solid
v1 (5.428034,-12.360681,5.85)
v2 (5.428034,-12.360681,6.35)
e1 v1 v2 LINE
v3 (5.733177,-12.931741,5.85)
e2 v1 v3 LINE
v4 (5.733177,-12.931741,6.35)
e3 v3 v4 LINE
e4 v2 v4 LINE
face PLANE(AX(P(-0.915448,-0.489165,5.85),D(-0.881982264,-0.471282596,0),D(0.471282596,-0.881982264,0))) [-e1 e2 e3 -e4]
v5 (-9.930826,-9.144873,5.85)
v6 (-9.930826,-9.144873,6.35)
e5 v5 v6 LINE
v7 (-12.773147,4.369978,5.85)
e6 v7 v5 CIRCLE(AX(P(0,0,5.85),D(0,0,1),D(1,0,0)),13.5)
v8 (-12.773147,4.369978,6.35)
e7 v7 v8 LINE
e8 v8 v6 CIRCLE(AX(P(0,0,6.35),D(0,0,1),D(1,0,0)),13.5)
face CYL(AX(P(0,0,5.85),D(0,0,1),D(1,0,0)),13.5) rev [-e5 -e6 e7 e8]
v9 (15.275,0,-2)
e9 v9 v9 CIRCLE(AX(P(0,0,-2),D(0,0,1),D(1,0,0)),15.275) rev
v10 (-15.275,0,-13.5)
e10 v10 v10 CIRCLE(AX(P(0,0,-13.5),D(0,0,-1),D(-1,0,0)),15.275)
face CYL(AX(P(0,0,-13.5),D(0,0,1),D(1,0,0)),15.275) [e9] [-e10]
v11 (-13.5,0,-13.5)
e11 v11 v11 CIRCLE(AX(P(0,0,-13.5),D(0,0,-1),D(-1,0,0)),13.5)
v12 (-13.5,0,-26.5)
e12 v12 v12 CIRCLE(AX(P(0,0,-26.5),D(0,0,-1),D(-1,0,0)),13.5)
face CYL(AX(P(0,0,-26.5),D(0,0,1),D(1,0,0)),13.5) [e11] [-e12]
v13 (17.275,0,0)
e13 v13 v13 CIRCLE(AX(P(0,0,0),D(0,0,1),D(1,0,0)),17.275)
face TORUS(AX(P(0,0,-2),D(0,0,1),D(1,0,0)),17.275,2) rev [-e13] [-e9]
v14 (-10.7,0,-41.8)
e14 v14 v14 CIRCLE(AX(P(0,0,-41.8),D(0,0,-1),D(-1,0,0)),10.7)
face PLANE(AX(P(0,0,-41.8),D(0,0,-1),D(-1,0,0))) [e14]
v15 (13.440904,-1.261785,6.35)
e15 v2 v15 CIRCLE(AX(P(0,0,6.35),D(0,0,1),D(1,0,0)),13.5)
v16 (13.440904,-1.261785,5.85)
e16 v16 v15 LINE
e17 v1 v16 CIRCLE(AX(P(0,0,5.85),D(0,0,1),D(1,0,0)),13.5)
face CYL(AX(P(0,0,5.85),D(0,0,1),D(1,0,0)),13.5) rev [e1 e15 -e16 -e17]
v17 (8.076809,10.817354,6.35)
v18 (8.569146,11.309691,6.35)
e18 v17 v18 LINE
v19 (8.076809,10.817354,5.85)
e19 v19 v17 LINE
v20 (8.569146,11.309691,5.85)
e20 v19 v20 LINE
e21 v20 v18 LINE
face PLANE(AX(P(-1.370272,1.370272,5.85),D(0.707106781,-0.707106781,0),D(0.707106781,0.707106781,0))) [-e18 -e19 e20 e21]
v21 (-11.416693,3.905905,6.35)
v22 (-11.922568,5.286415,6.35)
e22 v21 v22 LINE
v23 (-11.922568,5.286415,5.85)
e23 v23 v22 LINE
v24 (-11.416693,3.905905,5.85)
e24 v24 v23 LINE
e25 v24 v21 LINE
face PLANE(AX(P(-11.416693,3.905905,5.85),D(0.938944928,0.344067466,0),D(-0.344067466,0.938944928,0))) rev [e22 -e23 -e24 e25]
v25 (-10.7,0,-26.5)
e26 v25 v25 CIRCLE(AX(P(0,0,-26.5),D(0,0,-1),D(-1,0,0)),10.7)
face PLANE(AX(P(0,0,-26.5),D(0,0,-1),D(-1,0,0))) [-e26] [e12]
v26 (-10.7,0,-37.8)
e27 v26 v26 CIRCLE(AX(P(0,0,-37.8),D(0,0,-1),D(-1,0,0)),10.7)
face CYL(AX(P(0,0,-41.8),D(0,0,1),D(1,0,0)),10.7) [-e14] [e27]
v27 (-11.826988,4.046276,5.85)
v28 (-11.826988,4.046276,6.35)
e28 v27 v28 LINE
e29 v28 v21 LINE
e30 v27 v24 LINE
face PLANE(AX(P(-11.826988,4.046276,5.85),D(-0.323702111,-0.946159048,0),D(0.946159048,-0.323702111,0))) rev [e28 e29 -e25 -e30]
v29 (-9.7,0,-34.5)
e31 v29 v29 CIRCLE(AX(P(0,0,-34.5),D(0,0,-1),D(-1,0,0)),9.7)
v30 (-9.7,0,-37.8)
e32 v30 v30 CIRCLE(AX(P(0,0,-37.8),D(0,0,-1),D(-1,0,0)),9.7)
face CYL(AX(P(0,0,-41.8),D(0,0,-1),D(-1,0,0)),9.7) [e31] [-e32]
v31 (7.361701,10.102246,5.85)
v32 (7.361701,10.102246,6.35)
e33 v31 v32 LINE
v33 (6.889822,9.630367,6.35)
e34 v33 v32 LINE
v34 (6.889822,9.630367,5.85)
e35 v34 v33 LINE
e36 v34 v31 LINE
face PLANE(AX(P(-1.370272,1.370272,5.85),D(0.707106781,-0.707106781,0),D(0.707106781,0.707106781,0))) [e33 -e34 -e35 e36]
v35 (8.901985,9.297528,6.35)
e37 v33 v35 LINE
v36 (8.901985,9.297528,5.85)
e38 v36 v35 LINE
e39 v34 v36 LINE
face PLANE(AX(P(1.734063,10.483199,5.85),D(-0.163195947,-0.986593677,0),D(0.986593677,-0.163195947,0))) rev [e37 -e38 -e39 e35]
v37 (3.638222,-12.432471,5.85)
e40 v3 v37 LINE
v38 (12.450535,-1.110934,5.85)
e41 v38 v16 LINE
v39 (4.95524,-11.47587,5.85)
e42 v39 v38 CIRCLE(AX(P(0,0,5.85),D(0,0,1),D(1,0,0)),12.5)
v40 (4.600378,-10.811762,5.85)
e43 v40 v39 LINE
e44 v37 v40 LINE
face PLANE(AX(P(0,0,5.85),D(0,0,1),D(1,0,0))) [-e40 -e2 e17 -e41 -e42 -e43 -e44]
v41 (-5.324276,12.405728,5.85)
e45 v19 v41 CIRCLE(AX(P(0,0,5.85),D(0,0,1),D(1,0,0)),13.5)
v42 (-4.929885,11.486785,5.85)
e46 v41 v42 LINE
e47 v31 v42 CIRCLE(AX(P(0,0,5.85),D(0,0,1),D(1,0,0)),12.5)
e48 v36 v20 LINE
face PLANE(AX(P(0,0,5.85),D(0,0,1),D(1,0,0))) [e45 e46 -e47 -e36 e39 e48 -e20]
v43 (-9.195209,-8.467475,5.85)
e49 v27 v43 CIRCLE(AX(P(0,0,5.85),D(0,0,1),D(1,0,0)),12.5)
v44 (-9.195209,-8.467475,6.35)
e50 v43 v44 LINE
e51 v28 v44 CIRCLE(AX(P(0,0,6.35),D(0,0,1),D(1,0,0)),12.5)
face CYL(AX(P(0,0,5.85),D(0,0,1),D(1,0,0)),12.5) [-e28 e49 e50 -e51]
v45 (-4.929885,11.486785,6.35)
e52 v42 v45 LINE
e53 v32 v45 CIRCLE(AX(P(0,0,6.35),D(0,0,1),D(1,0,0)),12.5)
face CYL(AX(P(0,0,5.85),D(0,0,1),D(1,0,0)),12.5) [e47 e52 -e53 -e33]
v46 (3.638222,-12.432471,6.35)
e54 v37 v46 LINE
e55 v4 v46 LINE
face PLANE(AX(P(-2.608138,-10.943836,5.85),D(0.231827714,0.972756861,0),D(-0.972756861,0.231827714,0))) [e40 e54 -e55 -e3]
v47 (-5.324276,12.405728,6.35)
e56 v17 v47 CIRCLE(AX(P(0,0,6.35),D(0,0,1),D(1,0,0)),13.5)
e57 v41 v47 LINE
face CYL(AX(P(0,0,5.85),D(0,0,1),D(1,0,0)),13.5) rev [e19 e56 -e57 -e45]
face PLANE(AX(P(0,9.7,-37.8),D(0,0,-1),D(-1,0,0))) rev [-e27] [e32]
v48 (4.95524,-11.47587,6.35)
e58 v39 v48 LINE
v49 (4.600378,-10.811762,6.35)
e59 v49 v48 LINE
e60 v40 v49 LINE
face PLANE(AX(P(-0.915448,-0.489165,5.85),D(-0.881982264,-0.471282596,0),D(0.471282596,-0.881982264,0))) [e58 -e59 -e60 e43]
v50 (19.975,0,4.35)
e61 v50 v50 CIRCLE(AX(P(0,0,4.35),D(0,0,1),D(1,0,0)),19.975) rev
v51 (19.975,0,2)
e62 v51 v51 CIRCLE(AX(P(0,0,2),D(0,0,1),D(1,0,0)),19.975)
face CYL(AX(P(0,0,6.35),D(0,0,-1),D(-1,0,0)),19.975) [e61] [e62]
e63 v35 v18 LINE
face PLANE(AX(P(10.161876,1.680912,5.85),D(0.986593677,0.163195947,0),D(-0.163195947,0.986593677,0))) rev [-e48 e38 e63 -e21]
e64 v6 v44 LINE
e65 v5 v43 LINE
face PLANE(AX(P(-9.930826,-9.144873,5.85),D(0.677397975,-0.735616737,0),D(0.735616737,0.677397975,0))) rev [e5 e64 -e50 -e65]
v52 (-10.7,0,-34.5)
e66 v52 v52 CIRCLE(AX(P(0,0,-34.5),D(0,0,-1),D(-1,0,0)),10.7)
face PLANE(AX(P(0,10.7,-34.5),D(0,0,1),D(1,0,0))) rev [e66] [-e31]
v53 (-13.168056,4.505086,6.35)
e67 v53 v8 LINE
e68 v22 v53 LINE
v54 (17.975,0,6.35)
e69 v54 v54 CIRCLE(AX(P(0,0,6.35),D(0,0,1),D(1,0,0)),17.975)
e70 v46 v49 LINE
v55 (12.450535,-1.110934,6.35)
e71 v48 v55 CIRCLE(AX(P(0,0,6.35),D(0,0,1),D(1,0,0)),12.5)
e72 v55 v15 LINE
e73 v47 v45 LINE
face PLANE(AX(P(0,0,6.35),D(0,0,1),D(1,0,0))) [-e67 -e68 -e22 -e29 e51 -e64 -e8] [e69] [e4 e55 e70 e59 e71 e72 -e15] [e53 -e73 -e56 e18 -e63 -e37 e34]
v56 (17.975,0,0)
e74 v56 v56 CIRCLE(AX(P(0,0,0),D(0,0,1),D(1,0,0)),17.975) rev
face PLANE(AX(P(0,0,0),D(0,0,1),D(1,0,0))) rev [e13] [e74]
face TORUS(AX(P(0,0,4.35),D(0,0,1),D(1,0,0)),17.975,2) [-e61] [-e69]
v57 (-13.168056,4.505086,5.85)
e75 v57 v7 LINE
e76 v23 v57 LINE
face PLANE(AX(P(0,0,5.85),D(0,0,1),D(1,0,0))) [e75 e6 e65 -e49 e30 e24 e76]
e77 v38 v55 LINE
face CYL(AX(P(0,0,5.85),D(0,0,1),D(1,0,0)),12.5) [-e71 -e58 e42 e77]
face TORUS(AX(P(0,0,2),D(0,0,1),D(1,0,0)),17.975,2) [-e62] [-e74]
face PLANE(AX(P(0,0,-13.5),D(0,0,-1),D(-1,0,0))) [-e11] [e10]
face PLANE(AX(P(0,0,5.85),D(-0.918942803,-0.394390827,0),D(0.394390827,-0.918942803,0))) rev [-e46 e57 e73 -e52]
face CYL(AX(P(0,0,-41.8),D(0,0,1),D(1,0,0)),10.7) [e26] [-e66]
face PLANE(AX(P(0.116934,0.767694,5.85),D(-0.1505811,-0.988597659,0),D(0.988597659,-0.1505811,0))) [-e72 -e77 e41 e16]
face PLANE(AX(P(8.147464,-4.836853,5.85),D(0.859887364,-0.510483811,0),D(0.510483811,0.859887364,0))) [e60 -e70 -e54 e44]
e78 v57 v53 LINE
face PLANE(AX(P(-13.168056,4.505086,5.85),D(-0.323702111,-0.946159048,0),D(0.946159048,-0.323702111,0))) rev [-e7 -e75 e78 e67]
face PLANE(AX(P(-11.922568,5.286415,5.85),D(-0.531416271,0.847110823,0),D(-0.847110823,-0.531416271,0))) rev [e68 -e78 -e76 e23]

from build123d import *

# Parameters (mm, degrees)
SKETCH1_R           = 19.975
BOSS_EXTRUDE1_DEPTH = 6.35
SKETCH2_R           = 15.275
BOSS_EXTRUDE2_DEPTH = 13.5
SKETCH3_R           = 13.5
BOSS_EXTRUDE3_DEPTH = 13
SKETCH4_R           = 10.7
BOSS_EXTRUDE4_DEPTH = 15.3
FILLET1_R           = 2
SKETCH6_W           = 3.3
SKETCH6_H           = 1
CUT_EXTRUDE1_DEPTH  = 0.5


with BuildPart() as part:
    # Sketch1 → Boss-Extrude1 (new body)
    with BuildSketch(Plane.XY):
        Circle(SKETCH1_R)
    extrude(amount=BOSS_EXTRUDE1_DEPTH)

    # Sketch2 → Boss-Extrude2 (add)
    with BuildSketch(Plane(origin=(0, 0, 0), x_dir=(-1, 0, 0), z_dir=(0, 0, -1))):
        Circle(SKETCH2_R)
    extrude(amount=BOSS_EXTRUDE2_DEPTH)

    # Sketch3 → Boss-Extrude3 (add)
    with BuildSketch(Plane(origin=(0, 0, -13.5), x_dir=(-1, 0, 0), z_dir=(0, 0, -1))):
        Circle(SKETCH3_R)
    extrude(amount=BOSS_EXTRUDE3_DEPTH)

    # Sketch4 → Boss-Extrude4 (add)
    with BuildSketch(Plane(origin=(0, 0, -26.5), x_dir=(-1, 0, 0), z_dir=(0, 0, -1))):
        Circle(SKETCH4_R)
    extrude(amount=BOSS_EXTRUDE4_DEPTH)

    # Fillet1
    fillet1_edges = [part.edges().sort_by_distance(p)[0] for p in [
        (-19.975, 0, 0),
        (-19.975, 0, 6.35),
        (15.275, 0, 0),
    ]]
    fillet(fillet1_edges, radius=FILLET1_R)

    # Sketch6 → Cut-Revolve1 (revolve, cut)
    with BuildSketch(Plane(origin=(0, 0, 0), x_dir=(0, 0, -1), z_dir=(1, 0, 0))):
        with Locations((36.15, 10.2)):
            Rectangle(SKETCH6_W, SKETCH6_H)
    revolve(axis=Axis((0, 0, -41.8), (0, 0, 1)), mode=Mode.SUBTRACT)

    # Sketch7 → Cut-Extrude1 (cut)
    with BuildSketch(Plane.XY.offset(6.35)):
        with BuildLine():
            Line((7.361700557, 10.102245538), (6.889821654, 9.630366634))
            Line((6.889821654, 9.630366634), (8.901984725, 9.29752763))
            Line((8.901984725, 9.29752763), (8.569145721, 11.309690701))
            Line((8.569145721, 11.309690701), (8.076809244, 10.817354225))
            ThreePointArc((8.076809244, 10.817354225), (1.588975226, 13.406161186), (-5.32427617, 12.405727841))
            Line((-5.32427617, 12.405727841), (-4.929885342, 11.486785038))
            ThreePointArc((-4.929885342, 11.486785038), (1.399167151, 12.421446425), (7.361700557, 10.102245538))
        make_face()
        with BuildLine():
            Line((5.42803449, -12.360681275), (5.733177226, -12.931740939))
            Line((5.733177226, -12.931740939), (3.638222105, -12.432470591))
            Line((3.638222105, -12.432470591), (4.600377681, -10.81176215))
            Line((4.600377681, -10.81176215), (4.955240265, -11.475870072))
            ThreePointArc((4.955240265, -11.475870072), (10.129078424, -7.324736874), (12.450535159, -1.110933952))
            Line((12.450535159, -1.110933952), (13.440903952, -1.261784828))
            ThreePointArc((13.440903952, -1.261784828), (10.945573766, -7.90217786), (5.42803449, -12.360681275))
        make_face()
        with BuildLine():
            ThreePointArc((-11.826988096, 4.046276383), (-12.232403131, -2.572608334), (-9.195209209, -8.467474689))
            Line((-9.195209209, -8.467474689), (-9.930825945, -9.144872664))
            ThreePointArc((-9.930825945, -9.144872664), (-13.210995381, -2.778417001), (-12.773147144, 4.369978494))
            Line((-12.773147144, 4.369978494), (-13.168055986, 4.505085616))
            Line((-13.168055986, 4.505085616), (-11.922567938, 5.286415043))
            Line((-11.922567938, 5.286415043), (-11.416693258, 3.905905369))
            Line((-11.416693258, 3.905905369), (-11.826988096, 4.046276383))
        make_face()
    extrude(amount=-CUT_EXTRUDE1_DEPTH, mode=Mode.SUBTRACT)


solid = part.part
